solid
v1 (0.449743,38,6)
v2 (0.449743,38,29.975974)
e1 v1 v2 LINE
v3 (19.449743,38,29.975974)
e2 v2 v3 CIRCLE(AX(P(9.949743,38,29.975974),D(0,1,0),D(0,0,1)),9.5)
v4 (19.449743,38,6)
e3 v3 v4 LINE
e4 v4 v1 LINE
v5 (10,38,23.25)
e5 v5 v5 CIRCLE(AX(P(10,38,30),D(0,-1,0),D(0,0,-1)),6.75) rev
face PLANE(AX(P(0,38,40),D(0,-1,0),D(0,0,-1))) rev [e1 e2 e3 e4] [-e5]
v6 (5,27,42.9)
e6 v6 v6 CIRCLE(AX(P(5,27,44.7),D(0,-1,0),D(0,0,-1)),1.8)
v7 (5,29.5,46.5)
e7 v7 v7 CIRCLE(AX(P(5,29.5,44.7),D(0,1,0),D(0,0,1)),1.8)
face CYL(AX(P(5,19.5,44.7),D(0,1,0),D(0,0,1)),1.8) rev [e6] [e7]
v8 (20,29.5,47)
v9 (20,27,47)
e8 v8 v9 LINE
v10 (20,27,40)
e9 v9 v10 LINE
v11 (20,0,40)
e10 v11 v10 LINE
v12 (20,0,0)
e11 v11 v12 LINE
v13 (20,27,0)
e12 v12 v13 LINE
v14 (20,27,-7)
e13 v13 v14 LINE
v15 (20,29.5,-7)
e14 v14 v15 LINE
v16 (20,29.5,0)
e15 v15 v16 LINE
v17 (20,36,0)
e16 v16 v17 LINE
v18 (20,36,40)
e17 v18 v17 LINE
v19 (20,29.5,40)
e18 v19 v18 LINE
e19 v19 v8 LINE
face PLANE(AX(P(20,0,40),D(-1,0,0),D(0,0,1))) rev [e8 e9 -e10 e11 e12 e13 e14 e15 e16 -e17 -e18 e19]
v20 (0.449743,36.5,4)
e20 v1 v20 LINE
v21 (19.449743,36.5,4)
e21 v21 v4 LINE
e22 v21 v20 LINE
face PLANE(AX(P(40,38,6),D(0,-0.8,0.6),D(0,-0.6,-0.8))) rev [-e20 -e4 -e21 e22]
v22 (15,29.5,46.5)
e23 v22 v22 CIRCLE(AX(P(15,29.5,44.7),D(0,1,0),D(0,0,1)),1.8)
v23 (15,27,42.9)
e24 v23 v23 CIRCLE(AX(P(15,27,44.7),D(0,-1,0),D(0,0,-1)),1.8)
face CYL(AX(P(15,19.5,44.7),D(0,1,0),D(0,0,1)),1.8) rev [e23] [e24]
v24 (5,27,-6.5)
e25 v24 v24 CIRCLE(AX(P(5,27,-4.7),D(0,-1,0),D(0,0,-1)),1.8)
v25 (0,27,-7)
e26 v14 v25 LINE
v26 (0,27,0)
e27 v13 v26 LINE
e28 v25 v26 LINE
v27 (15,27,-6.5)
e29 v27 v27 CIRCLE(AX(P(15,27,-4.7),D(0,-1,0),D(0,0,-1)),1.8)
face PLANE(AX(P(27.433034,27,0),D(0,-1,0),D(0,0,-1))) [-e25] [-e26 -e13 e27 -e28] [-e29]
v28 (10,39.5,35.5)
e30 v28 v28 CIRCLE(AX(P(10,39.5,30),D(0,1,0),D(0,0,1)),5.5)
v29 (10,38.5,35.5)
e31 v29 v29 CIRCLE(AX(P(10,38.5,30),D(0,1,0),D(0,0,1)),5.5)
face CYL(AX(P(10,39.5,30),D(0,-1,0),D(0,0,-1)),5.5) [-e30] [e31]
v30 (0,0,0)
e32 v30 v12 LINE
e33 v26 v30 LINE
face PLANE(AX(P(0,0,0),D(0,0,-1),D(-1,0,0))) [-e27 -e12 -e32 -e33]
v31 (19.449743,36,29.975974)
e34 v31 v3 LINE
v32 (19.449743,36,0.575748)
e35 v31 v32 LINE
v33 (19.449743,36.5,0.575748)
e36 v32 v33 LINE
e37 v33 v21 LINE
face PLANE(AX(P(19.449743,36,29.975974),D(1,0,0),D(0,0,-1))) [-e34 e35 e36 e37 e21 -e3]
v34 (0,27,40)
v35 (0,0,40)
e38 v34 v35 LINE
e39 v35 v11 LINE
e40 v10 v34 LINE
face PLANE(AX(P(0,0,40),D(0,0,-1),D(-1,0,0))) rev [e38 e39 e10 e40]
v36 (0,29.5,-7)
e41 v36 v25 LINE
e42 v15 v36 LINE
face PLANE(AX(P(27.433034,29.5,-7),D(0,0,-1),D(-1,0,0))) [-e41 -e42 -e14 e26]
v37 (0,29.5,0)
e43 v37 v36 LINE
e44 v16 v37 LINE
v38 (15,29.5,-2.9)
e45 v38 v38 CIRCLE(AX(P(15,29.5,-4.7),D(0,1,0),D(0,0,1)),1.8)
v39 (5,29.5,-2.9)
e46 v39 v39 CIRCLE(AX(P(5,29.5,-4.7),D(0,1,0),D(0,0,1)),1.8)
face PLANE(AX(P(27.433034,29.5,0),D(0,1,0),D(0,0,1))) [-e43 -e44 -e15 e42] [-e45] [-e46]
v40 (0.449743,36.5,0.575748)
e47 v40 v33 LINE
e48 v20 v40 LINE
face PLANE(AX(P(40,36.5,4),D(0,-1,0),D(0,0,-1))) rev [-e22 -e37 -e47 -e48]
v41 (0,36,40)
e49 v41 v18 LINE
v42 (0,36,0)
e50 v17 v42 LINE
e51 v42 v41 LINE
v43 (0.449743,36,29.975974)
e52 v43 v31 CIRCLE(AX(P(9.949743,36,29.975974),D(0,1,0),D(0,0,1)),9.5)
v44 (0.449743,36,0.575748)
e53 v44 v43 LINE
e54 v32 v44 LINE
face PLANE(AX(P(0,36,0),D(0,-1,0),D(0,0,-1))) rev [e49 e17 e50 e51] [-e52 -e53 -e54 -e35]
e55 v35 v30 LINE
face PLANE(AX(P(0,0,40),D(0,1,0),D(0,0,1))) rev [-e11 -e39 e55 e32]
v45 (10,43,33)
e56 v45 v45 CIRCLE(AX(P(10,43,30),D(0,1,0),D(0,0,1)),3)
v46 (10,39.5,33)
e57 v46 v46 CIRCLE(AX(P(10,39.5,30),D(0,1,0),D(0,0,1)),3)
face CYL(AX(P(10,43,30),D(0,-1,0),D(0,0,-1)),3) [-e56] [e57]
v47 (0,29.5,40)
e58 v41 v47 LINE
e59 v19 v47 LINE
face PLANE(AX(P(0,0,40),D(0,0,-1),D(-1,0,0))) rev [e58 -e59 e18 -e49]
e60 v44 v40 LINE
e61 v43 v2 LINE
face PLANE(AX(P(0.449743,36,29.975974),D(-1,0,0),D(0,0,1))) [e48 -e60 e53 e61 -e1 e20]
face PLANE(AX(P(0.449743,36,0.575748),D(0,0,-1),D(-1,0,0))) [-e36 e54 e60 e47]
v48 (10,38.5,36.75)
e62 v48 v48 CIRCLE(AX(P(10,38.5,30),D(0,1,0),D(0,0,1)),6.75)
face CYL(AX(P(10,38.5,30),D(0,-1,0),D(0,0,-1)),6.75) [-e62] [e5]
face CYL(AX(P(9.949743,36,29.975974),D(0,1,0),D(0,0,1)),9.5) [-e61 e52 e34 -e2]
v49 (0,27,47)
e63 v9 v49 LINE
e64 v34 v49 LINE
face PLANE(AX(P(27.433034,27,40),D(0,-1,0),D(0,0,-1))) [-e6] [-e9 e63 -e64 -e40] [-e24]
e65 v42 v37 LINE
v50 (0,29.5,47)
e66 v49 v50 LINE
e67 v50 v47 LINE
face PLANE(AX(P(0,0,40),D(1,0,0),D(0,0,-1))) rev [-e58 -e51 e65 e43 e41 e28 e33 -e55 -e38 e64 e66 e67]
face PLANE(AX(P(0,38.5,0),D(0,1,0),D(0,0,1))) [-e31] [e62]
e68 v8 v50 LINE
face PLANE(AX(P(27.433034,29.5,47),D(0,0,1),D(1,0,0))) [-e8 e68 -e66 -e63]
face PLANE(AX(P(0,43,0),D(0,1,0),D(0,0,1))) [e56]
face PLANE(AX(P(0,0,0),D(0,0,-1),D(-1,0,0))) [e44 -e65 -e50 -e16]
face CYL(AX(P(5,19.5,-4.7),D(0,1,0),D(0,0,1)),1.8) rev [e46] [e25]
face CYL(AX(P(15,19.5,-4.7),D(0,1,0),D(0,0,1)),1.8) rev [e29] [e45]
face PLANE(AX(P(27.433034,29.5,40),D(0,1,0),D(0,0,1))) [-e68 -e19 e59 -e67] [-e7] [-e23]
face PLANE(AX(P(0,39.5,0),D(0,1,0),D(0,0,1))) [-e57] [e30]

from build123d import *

# Parameters (mm, degrees)
SKETCH1_W           = 20
SKETCH1_H           = 38
BOSS_EXTRUDE1_DEPTH = 40
SKETCH2_W           = 7
SKETCH2_H           = 2.5
BOSS_EXTRUDE2_DEPTH = 20
CUT_EXTRUDE1_DEPTH  = 40
SKETCH4_R           = 1.8
CUT_EXTRUDE2_DEPTH  = 10
SKETCH5_W           = 20
SKETCH5_H           = 40
CUT_EXTRUDE3_DEPTH  = 2
SKETCH6_R           = 6.75
SKETCH6_R_2         = 5.5
BOSS_EXTRUDE3_DEPTH = 0.5
SKETCH6_4_R         = 5.5
SKETCH6_4_R_2       = 3
BOSS_EXTRUDE4_DEPTH = 1.5
SKETCH6_5_R         = 3
BOSS_EXTRUDE5_DEPTH = 5


with BuildPart() as part:
    # Sketch1 → Boss-Extrude1 (new body)
    with BuildSketch(Plane.XY):
        with Locations((10, 19)):
            Rectangle(SKETCH1_W, SKETCH1_H)
    extrude(amount=BOSS_EXTRUDE1_DEPTH)

    # Sketch2 → Boss-Extrude2 (add)
    with BuildSketch(Plane.ZY):
        with Locations((-3.5, 28.25)):
            Rectangle(SKETCH2_W, SKETCH2_H)
        with Locations((43.5, 28.25)):
            Rectangle(SKETCH2_W, SKETCH2_H)
    extrude(amount=-BOSS_EXTRUDE2_DEPTH)

    # Sketch3 → Cut-Extrude1 (cut)
    with BuildSketch(Plane.ZY):
        Polygon((6, 38), (4, 36.5), (0, 36.5), (0, 38), align=None)
    extrude(amount=-CUT_EXTRUDE1_DEPTH, mode=Mode.SUBTRACT)

    # Sketch4 → Cut-Extrude2 (cut)
    with BuildSketch(Plane(origin=(0, 29.5, 0), x_dir=(1, 0, 0), z_dir=(0, 1, 0))):
        with Locations((15, -44.7)):
            Circle(SKETCH4_R)
        with Locations((5, -44.7)):
            Circle(SKETCH4_R)
        with Locations((15, 4.7)):
            Circle(SKETCH4_R)
        with Locations((5, 4.7)):
            Circle(SKETCH4_R)
    extrude(amount=-CUT_EXTRUDE2_DEPTH, mode=Mode.SUBTRACT)

    # Sketch5 → Cut-Extrude3 (cut)
    with BuildSketch(Plane(origin=(0, 38, 0), x_dir=(1, 0, 0), z_dir=(0, 1, 0))):
        with Locations((10, -20)):
            Rectangle(SKETCH5_W, SKETCH5_H)
        with BuildLine():
            Line((19.449743203, -29.975974241), (19.449743203, -0.575747889))
            Line((19.449743203, -0.575747889), (0.449743203, -0.575747889))
            Line((0.449743203, -0.575747889), (0.449743203, -29.975974241))
            ThreePointArc((0.449743203, -29.975974241), (9.949743203, -39.475974241), (19.449743203, -29.975974241))
        make_face(mode=Mode.SUBTRACT)
    extrude(amount=-CUT_EXTRUDE3_DEPTH, mode=Mode.SUBTRACT)

    # Sketch6 → Boss-Extrude3 (add)
    with BuildSketch(Plane(origin=(0, 38, 0), x_dir=(1, 0, 0), z_dir=(0, 1, 0))):
        with Locations((10, -30)):
            Circle(SKETCH6_R)
        with Locations((10, -30)):
            Circle(SKETCH6_R_2, mode=Mode.SUBTRACT)
    extrude(amount=BOSS_EXTRUDE3_DEPTH)

    # Sketch6<4> → Boss-Extrude4 (add)
    with BuildSketch(Plane(origin=(0, 38, 0), x_dir=(1, 0, 0), z_dir=(0, 1, 0))):
        with Locations((10, -30)):
            Circle(SKETCH6_4_R)
        with Locations((10, -30)):
            Circle(SKETCH6_4_R_2, mode=Mode.SUBTRACT)
    extrude(amount=BOSS_EXTRUDE4_DEPTH)

    # Sketch6<5> → Boss-Extrude5 (add)
    with BuildSketch(Plane(origin=(0, 38, 0), x_dir=(1, 0, 0), z_dir=(0, 1, 0))):
        with Locations((10, -30)):
            Circle(SKETCH6_5_R)
    extrude(amount=BOSS_EXTRUDE5_DEPTH)


solid = part.part
